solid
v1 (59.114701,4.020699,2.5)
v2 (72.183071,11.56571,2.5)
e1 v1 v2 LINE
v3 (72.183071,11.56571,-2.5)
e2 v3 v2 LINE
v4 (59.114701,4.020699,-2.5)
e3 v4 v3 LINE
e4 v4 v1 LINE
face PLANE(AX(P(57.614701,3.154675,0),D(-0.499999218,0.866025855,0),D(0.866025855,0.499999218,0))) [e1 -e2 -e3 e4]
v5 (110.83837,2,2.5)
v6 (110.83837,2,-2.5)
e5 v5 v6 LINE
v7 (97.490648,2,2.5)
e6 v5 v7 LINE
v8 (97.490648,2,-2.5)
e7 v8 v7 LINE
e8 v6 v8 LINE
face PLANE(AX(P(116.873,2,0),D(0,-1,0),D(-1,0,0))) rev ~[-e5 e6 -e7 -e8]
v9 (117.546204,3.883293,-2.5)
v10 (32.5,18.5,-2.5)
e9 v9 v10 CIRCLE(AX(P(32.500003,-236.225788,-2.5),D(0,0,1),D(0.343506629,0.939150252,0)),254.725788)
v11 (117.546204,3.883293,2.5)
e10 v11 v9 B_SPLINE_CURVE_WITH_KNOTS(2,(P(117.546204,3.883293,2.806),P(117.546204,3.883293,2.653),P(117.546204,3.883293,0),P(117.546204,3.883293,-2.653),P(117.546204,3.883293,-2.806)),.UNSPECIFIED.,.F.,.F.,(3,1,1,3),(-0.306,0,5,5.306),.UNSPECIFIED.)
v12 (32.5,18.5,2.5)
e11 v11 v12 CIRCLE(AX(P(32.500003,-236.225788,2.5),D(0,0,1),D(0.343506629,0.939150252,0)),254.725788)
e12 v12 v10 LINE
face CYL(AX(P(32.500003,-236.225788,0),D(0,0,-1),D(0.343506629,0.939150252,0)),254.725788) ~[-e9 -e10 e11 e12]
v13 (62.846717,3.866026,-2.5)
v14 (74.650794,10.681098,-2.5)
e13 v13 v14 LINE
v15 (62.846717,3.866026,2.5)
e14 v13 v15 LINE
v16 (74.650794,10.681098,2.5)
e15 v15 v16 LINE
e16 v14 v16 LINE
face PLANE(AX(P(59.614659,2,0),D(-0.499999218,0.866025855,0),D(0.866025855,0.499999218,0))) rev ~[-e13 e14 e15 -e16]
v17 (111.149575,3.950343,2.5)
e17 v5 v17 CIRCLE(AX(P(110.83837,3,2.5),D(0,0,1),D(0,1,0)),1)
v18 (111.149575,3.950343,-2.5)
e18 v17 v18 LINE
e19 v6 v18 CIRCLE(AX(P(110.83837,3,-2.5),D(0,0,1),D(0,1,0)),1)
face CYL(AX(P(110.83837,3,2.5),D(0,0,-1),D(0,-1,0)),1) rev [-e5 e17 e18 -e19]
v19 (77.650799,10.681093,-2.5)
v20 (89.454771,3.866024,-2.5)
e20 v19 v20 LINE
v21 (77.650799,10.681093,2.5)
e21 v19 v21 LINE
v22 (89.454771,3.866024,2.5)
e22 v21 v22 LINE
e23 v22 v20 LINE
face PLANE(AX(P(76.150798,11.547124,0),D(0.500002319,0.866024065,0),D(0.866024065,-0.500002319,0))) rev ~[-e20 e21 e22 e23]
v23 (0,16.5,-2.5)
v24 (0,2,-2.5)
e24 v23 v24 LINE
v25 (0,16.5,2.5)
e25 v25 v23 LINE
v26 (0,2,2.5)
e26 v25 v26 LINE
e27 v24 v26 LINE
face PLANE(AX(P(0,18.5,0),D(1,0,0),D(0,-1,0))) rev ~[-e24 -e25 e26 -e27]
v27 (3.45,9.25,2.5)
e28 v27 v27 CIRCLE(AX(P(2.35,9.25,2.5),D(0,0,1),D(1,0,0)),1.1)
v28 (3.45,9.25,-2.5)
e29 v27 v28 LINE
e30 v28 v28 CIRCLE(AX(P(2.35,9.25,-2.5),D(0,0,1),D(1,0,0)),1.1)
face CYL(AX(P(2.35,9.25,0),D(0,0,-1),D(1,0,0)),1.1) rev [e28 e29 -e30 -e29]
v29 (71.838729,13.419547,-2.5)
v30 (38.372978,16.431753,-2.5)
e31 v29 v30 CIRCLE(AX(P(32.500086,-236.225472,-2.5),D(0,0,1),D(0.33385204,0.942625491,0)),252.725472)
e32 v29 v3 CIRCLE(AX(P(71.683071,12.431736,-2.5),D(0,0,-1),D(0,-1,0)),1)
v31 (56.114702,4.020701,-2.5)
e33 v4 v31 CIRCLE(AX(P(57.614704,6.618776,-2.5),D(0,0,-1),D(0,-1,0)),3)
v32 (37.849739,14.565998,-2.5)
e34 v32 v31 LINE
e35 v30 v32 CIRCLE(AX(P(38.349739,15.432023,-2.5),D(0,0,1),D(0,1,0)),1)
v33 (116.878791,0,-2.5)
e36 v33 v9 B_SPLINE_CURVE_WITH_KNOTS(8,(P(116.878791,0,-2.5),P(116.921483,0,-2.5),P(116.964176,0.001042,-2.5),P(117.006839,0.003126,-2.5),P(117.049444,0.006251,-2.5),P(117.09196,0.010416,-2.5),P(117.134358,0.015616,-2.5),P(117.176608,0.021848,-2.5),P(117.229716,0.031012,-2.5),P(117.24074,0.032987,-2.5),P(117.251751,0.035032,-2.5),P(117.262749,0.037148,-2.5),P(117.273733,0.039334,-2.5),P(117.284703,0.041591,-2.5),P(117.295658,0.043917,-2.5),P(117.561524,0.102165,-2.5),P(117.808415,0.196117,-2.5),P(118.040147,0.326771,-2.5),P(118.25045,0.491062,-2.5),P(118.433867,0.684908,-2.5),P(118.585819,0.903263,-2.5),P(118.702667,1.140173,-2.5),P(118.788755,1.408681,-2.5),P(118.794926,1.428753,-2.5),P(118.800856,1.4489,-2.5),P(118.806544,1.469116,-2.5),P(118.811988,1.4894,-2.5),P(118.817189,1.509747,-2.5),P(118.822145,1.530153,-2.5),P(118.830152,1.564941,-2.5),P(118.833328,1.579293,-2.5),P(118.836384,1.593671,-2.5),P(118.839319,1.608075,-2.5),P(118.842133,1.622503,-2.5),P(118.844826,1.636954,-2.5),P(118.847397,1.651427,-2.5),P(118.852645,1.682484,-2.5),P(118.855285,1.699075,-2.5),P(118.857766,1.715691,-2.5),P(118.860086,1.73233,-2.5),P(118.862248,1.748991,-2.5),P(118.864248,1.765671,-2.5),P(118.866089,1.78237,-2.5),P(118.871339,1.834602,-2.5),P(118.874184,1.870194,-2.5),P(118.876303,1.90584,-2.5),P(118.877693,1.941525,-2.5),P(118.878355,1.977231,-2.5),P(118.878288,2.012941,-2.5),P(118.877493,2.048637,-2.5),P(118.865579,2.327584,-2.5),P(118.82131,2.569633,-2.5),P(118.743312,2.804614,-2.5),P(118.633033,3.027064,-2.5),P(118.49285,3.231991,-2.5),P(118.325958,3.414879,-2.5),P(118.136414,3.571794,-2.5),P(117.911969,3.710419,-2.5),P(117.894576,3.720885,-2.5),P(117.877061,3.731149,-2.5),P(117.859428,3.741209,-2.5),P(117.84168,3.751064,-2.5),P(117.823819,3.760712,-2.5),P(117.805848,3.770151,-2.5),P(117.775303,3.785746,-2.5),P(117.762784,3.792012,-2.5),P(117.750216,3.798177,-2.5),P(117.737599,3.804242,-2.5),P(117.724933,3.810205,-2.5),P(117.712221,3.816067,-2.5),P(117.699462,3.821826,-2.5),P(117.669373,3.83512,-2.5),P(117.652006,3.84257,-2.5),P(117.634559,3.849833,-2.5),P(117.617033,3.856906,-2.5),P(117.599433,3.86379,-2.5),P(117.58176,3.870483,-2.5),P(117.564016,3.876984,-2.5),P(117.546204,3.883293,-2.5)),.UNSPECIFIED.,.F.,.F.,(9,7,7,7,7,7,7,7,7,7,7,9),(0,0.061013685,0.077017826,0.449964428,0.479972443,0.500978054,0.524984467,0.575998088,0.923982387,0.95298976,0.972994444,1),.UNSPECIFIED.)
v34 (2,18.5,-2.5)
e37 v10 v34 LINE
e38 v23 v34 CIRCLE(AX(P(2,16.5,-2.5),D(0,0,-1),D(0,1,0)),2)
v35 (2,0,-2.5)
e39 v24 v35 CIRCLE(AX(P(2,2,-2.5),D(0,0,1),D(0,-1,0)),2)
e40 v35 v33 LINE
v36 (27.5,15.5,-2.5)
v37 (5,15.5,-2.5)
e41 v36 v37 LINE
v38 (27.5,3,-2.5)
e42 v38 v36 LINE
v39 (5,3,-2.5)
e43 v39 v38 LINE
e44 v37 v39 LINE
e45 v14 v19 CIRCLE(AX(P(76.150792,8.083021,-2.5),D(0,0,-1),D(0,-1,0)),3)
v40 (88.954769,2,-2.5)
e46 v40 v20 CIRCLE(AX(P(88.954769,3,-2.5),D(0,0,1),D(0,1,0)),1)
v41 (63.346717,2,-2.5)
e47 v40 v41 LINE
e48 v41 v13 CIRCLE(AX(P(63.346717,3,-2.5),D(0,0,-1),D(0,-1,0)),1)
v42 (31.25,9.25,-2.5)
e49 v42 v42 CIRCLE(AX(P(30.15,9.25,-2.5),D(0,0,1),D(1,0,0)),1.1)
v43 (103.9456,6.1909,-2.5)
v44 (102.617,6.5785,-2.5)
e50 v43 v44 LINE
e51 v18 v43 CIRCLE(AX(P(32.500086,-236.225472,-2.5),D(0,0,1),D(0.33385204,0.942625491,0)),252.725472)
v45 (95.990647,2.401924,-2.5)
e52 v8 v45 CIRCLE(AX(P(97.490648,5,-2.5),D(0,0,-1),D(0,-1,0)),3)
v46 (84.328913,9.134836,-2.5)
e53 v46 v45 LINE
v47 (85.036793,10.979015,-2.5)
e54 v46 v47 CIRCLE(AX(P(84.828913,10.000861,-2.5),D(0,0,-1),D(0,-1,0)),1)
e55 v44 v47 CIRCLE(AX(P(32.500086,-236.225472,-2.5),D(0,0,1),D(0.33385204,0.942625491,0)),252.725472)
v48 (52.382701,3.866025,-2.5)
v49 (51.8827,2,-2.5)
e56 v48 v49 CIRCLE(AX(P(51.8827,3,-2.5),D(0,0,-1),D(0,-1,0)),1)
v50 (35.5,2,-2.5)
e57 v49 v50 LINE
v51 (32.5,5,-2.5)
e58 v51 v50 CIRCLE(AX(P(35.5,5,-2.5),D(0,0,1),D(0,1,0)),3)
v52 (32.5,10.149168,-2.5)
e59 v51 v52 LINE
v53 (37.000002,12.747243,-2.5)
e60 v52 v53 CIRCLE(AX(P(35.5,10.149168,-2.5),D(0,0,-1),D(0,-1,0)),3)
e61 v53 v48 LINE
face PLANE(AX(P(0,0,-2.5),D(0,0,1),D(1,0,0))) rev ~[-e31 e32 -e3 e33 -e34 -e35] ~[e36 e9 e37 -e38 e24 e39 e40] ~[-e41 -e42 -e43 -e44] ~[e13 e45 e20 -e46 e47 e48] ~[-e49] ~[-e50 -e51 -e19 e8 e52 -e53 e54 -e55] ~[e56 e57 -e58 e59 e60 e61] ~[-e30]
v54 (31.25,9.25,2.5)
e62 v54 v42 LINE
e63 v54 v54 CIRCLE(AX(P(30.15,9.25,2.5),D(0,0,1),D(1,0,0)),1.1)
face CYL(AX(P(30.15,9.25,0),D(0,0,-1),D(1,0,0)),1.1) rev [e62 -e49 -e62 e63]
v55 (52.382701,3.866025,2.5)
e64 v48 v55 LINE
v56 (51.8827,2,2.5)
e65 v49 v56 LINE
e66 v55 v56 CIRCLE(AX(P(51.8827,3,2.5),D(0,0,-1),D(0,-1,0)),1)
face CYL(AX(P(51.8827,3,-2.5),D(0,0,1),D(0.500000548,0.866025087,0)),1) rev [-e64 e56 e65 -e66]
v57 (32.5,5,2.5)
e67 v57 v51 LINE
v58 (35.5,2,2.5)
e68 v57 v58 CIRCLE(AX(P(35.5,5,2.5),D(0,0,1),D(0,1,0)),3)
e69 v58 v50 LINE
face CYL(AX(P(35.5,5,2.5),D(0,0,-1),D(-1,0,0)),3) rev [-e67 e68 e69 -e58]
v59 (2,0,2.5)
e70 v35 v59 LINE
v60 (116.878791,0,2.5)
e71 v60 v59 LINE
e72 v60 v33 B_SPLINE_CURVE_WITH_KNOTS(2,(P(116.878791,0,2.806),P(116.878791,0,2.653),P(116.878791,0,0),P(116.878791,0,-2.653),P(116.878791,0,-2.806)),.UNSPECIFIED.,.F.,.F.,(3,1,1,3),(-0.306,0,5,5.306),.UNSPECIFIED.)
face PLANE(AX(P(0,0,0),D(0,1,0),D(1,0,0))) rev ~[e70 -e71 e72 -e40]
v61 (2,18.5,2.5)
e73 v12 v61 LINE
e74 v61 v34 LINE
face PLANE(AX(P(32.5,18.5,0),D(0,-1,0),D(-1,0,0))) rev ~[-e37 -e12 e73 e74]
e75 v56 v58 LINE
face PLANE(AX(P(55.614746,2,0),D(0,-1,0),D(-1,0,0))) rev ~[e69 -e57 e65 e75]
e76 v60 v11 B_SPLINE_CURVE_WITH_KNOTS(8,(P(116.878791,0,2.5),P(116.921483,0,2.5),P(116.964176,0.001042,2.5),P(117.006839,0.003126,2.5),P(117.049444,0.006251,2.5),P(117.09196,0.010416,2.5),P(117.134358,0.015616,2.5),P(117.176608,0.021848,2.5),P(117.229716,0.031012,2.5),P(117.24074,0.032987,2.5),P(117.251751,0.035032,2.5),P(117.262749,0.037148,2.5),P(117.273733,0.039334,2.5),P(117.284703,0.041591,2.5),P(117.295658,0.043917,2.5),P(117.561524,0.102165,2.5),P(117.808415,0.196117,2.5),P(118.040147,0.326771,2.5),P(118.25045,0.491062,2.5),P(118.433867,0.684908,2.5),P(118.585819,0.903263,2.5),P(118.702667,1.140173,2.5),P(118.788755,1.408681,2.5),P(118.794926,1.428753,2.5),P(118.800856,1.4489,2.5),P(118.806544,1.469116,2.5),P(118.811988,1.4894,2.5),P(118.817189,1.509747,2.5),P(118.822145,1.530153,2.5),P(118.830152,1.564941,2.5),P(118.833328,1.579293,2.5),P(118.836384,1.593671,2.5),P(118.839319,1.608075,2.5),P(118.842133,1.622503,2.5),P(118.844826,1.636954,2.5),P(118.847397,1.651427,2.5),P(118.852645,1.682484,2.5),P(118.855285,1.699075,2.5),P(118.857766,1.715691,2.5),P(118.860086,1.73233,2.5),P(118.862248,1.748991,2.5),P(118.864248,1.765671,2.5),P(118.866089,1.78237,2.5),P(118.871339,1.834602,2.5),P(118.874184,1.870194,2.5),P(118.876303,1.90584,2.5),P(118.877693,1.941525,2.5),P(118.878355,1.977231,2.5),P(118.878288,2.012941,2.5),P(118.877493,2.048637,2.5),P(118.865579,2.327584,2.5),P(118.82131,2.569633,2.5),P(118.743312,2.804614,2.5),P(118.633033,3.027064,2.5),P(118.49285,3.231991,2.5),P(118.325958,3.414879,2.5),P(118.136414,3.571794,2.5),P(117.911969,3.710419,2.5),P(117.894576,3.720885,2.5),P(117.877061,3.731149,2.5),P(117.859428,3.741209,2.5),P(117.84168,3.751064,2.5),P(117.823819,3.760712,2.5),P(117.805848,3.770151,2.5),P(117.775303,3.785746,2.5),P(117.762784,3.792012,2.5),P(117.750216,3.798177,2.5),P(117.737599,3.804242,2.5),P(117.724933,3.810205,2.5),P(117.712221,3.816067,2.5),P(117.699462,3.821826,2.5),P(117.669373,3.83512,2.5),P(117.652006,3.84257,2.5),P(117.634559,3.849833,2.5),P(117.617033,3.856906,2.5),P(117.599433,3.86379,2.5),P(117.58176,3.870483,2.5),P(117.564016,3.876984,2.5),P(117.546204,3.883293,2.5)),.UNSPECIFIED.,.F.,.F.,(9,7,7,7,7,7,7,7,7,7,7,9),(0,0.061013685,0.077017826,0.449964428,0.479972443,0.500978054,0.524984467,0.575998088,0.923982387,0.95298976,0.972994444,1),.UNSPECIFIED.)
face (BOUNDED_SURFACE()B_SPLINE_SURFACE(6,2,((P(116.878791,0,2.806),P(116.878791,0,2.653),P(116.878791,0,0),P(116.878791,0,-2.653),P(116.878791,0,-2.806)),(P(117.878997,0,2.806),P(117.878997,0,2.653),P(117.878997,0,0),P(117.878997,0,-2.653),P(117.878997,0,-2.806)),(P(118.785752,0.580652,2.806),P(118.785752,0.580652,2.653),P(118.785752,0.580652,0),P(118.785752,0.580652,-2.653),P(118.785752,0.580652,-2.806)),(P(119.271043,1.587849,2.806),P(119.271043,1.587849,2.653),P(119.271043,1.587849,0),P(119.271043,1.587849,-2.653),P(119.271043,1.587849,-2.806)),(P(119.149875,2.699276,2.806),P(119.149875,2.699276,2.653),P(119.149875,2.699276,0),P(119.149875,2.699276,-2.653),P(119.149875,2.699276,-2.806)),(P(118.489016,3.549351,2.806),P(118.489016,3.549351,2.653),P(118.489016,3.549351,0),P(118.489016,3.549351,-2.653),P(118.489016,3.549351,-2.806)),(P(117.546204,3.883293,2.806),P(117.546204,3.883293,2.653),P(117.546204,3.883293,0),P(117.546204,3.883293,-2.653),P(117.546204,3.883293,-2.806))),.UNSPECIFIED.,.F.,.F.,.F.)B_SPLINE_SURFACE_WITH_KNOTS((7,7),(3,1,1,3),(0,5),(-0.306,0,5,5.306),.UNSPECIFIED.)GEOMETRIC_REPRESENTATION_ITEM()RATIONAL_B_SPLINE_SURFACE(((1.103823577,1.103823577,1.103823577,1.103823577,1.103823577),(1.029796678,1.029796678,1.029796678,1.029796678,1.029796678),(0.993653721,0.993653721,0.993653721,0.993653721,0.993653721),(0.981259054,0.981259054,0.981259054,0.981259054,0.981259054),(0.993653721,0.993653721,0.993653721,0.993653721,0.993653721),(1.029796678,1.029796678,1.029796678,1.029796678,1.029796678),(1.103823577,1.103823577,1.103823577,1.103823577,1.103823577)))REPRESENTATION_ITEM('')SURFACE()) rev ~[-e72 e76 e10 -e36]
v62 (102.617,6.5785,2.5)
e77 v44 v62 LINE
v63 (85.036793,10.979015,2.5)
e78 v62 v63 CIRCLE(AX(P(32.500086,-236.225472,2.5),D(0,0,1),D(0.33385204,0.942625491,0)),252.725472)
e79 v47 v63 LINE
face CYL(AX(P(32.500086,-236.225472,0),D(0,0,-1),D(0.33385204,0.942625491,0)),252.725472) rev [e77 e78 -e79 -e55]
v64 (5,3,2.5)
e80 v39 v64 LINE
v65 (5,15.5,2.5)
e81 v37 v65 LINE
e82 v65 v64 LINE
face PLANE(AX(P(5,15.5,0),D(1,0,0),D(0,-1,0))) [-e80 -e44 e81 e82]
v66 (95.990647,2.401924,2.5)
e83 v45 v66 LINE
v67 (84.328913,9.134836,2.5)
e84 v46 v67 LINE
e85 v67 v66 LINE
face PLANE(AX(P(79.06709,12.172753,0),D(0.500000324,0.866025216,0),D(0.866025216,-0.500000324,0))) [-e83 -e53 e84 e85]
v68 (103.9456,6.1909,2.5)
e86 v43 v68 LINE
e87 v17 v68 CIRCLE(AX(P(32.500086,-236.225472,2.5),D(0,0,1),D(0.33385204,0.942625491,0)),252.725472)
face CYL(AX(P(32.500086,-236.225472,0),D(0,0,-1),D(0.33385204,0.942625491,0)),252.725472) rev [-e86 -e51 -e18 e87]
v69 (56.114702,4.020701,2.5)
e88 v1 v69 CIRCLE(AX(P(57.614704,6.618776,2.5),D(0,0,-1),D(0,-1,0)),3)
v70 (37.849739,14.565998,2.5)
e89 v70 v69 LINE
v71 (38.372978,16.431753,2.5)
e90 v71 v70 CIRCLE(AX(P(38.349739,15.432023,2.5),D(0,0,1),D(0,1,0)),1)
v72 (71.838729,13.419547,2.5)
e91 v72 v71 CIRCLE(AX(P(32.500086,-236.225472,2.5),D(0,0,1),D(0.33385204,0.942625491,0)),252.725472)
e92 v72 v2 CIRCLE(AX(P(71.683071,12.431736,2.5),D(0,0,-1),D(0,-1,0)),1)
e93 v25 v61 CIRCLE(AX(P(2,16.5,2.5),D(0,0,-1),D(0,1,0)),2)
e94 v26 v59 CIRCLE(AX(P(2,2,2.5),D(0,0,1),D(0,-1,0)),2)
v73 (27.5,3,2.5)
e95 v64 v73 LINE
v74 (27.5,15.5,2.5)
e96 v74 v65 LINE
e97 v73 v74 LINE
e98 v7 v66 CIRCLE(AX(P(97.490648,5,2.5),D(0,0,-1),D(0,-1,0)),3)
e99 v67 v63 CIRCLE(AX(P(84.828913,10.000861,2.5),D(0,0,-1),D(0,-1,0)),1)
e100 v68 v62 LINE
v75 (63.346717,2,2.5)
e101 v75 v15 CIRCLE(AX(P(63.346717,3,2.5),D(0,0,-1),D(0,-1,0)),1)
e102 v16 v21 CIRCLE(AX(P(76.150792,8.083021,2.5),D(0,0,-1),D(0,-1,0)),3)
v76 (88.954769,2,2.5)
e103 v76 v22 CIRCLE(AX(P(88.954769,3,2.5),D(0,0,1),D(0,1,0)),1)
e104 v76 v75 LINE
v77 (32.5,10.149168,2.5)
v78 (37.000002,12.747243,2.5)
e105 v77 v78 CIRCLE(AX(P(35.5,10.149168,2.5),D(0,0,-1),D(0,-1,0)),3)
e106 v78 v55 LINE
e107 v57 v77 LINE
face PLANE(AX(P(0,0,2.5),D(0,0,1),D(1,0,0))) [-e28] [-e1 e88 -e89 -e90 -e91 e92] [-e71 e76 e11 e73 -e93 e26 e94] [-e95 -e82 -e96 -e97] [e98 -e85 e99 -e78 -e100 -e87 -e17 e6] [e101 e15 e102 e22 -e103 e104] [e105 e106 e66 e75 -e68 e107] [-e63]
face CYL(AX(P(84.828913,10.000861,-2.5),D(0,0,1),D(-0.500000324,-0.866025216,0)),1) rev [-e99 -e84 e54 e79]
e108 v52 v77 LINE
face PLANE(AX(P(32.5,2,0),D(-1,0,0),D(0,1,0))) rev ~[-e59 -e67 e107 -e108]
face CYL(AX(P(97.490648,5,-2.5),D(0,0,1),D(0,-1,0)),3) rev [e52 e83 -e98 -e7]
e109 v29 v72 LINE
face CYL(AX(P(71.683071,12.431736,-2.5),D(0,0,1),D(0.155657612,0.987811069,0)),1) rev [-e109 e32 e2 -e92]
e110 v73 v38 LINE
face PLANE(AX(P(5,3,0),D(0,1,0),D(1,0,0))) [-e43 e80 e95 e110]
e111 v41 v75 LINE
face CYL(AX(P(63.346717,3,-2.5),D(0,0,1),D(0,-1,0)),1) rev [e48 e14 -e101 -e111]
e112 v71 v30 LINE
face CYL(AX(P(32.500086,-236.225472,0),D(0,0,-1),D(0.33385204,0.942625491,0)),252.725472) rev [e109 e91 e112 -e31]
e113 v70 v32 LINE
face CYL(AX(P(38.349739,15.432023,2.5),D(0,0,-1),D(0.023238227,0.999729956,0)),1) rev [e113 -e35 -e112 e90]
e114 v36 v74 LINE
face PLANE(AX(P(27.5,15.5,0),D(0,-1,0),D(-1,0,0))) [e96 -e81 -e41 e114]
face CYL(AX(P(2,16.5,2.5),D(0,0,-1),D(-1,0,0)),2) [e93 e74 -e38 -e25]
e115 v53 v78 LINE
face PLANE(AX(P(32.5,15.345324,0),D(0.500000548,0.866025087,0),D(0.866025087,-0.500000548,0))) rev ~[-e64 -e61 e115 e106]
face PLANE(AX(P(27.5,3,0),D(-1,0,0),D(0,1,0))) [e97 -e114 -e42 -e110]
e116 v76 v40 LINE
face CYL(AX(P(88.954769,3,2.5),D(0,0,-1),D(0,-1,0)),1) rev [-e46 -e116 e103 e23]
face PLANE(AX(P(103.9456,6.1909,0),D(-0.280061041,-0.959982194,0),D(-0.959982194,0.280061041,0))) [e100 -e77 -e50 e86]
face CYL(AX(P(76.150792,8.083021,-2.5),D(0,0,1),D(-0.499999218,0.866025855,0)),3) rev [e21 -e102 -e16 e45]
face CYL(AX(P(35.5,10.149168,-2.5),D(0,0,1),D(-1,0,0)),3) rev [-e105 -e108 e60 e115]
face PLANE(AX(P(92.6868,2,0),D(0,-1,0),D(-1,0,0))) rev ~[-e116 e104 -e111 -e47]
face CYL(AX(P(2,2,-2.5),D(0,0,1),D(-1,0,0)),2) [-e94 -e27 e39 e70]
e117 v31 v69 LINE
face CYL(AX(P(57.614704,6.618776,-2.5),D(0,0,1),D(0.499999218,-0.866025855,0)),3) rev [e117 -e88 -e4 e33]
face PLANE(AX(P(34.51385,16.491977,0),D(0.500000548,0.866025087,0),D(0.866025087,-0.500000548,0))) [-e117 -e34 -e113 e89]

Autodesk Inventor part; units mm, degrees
ref_plane "YZ Plane" through (0, 0, 0) normal (1, 0, 0) x (0, 1, 0)
ref_plane "XZ Plane" through (0, 0, 0) normal (0, 1, 0) x (-1, 0, 0)
ref_plane "XY Plane" through (0, 0, 0) normal (0, 0, 1) x (1, 0, 0)
sketch "Sketch1" plane through (0, 0, 0) normal (0, 0, 1) x (1, 0, 0)
  line L0 (0, 0) -> (32.5, 0)
  line L1 (32.5, 0) -> (32.5, 18.5)
  line L2 (32.5, 18.5) -> (0, 18.5)
  line L3 (0, 18.5) -> (0, 0)
  line L4 (5, 3) -> (27.5, 3)
  line L5 (27.5, 3) -> (27.5, 15.5)
  line L6 (27.5, 15.5) -> (5, 15.5)
  line L7 (5, 15.5) -> (5, 3)
  line L8 (27.5, 9.25) -> (32.5, 9.25) construction
  line L9 (5, 9.25) -> (0, 9.25) construction
  line L10 (16.25, 18.5) -> (16.25, 15.5) construction
  line L11 (16.25, 3) -> (16.25, 0) construction
  circle A0 centre (2.35, 9.25) radius 1.1
  circle A1 centre (30.15, 9.25) radius 1.1
  line L12 (32.5, 0) -> (120, 0)
  line L13 (120, 0) -> (120, 3)
  arc A2 (120, 3) -> (32.5, 18.5) centre (32.5, -236.2258) ccw
  arc A3 (116.873, 2) -> (32.5, 16.5) centre (32.5, -236.2258) ccw
  line L14 (116.873, 2) -> (32.5, 2)
  line L15 (32.5, 16.5) -> (57.6147, 2)
  line L16 (57.6147, 2) -> (76.1508, 12.7018)
  line L17 (76.1508, 12.7018) -> (94.6868, 2)
  line L18 (94.6868, 2) -> (102.617, 6.5785) construction
  line L19 (102.617, 6.5785) -> (94.6868, 2) construction
  line L20 (94.6868, 2) -> (94.1868, 2.866) construction
  line L21 (94.1868, 2.866) -> (102.117, 7.4445) construction
  line L22 (102.117, 7.4445) -> (102.617, 6.5785) construction
  line L23 (94.6868, 2) -> (76.1508, 12.7018)
  line L24 (76.1508, 12.7018) -> (76.6508, 13.5678)
  line L25 (76.6508, 13.5678) -> (96.6868, 2)
  line L26 (76.1508, 12.7018) -> (57.6147, 2)
  line L27 (57.6147, 2) -> (57.1147, 2.866)
  line L28 (57.1147, 2.866) -> (75.6508, 13.5678)
  line L29 (75.6508, 13.5678) -> (76.1508, 12.7018)
  line L30 (57.6147, 2) -> (32.5, 16.5)
  line L31 (32.5, 16.5) -> (33, 17.366)
  line L32 (33, 17.366) -> (58.1147, 2.866)
  line L33 (58.1147, 2.866) -> (57.6147, 2)
  line L34 (94.6868, 2) -> (95.1868, 1.134) construction
  line L35 (95.1868, 1.134) -> (103.117, 5.7125) construction
  line L36 (103.117, 5.7125) -> (103.9456, 6.1909) construction
  line L37 (76.1508, 12.7018) -> (75.6508, 11.8358)
  line L38 (75.6508, 11.8358) -> (92.6868, 2)
  line L39 (92.6868, 2) -> (94.6868, 2)
  line L40 (57.6147, 2) -> (58.1147, 1.134)
  line L41 (58.1147, 1.134) -> (76.6508, 11.8358)
  line L42 (76.6508, 11.8358) -> (76.1508, 12.7018)
  line L43 (32.5, 16.5) -> (32, 15.634)
  line L44 (32, 15.634) -> (57.1147, 1.134)
  line L45 (57.1147, 1.134) -> (57.6147, 2)
  line L46 (103.9456, 6.1909) -> (102.617, 6.5785)
  point P0 (32.5, 16.5)
  point P1 (101.2792, 6.9608)
  point P2 (94.6868, 3.1547)
  point P3 (79.0671, 12.1727)
  point P4 (74.6102, 12.967)
  point P5 (57.6147, 3.1547)
  point P6 (34.5139, 16.492)
  point P7 (32.5, 15.3453)
  point P8 (55.6147, 2)
  point P9 (59.6147, 2)
  point P10 (76.1508, 11.5471)
  point P11 (92.6868, 2)
  point P12 (96.6868, 2)
  dimension "d8" = 5
  dimension "d10" = 3
  dimension "d11" = 22.5
  dimension "d13" = 12.5
  dimension "d14" = 2.65
  dimension "d16" = 2.2
  dimension "d17" = 120
  dimension "d18" = 3
  dimension "d23" = 2
  dimension "d73" = 30
  dimension "d74" = 30
  dimension "d75" = 30
  dimension "d76" = 30
  dimension "d77" = 1
extrude "Extrusion1" add sketch "Sketch1" along normal mid plane 5 contours L3 L2 L1 L43 L44 L0 | L1 L14 L44 L45 L40 L41 A3 L25 L24 L29 L28 L32 L31 A2 L13 L12 | L44 L43 L1 | L1 L15 L14 L44 | L14 L45 L44 | L31 L32 A3 | A3 L32 L28 L27 L15 | L16 L37 L38 L41 L14 | L33 L32 L28 A3 L16 | L27 L28 L32 L33 | L14 L41 L40 | L24 L25 A3 | A3 L25 L14 L17 | A3 L28 L29 | L42 L41 L38 L37 | L17 L14 L38 L41 L42
fillet "Fillet3" radius 2 4 edges at (0, 18.5, 0) (0, 0, 0) (120, 0, 0) (120, 3, 0)
fillet "Fillet5" radius 3 5 edges at (76.1508, 11.5471, 0) (32.5, 15.3453, 0) (57.6147, 3.1547, 0) (96.6868, 2, 0) (32.5, 2, 0)
fillet "Fillet5" radius 1 7 edges at (116.873, 2, 0) (92.6868, 2, 0) (79.0671, 12.1727, 0) (34.5139, 16.492, 0) (74.6102, 12.967, 0) (59.6147, 2, 0) (55.6147, 2, 0)
properties part number "foot_v0.1"
